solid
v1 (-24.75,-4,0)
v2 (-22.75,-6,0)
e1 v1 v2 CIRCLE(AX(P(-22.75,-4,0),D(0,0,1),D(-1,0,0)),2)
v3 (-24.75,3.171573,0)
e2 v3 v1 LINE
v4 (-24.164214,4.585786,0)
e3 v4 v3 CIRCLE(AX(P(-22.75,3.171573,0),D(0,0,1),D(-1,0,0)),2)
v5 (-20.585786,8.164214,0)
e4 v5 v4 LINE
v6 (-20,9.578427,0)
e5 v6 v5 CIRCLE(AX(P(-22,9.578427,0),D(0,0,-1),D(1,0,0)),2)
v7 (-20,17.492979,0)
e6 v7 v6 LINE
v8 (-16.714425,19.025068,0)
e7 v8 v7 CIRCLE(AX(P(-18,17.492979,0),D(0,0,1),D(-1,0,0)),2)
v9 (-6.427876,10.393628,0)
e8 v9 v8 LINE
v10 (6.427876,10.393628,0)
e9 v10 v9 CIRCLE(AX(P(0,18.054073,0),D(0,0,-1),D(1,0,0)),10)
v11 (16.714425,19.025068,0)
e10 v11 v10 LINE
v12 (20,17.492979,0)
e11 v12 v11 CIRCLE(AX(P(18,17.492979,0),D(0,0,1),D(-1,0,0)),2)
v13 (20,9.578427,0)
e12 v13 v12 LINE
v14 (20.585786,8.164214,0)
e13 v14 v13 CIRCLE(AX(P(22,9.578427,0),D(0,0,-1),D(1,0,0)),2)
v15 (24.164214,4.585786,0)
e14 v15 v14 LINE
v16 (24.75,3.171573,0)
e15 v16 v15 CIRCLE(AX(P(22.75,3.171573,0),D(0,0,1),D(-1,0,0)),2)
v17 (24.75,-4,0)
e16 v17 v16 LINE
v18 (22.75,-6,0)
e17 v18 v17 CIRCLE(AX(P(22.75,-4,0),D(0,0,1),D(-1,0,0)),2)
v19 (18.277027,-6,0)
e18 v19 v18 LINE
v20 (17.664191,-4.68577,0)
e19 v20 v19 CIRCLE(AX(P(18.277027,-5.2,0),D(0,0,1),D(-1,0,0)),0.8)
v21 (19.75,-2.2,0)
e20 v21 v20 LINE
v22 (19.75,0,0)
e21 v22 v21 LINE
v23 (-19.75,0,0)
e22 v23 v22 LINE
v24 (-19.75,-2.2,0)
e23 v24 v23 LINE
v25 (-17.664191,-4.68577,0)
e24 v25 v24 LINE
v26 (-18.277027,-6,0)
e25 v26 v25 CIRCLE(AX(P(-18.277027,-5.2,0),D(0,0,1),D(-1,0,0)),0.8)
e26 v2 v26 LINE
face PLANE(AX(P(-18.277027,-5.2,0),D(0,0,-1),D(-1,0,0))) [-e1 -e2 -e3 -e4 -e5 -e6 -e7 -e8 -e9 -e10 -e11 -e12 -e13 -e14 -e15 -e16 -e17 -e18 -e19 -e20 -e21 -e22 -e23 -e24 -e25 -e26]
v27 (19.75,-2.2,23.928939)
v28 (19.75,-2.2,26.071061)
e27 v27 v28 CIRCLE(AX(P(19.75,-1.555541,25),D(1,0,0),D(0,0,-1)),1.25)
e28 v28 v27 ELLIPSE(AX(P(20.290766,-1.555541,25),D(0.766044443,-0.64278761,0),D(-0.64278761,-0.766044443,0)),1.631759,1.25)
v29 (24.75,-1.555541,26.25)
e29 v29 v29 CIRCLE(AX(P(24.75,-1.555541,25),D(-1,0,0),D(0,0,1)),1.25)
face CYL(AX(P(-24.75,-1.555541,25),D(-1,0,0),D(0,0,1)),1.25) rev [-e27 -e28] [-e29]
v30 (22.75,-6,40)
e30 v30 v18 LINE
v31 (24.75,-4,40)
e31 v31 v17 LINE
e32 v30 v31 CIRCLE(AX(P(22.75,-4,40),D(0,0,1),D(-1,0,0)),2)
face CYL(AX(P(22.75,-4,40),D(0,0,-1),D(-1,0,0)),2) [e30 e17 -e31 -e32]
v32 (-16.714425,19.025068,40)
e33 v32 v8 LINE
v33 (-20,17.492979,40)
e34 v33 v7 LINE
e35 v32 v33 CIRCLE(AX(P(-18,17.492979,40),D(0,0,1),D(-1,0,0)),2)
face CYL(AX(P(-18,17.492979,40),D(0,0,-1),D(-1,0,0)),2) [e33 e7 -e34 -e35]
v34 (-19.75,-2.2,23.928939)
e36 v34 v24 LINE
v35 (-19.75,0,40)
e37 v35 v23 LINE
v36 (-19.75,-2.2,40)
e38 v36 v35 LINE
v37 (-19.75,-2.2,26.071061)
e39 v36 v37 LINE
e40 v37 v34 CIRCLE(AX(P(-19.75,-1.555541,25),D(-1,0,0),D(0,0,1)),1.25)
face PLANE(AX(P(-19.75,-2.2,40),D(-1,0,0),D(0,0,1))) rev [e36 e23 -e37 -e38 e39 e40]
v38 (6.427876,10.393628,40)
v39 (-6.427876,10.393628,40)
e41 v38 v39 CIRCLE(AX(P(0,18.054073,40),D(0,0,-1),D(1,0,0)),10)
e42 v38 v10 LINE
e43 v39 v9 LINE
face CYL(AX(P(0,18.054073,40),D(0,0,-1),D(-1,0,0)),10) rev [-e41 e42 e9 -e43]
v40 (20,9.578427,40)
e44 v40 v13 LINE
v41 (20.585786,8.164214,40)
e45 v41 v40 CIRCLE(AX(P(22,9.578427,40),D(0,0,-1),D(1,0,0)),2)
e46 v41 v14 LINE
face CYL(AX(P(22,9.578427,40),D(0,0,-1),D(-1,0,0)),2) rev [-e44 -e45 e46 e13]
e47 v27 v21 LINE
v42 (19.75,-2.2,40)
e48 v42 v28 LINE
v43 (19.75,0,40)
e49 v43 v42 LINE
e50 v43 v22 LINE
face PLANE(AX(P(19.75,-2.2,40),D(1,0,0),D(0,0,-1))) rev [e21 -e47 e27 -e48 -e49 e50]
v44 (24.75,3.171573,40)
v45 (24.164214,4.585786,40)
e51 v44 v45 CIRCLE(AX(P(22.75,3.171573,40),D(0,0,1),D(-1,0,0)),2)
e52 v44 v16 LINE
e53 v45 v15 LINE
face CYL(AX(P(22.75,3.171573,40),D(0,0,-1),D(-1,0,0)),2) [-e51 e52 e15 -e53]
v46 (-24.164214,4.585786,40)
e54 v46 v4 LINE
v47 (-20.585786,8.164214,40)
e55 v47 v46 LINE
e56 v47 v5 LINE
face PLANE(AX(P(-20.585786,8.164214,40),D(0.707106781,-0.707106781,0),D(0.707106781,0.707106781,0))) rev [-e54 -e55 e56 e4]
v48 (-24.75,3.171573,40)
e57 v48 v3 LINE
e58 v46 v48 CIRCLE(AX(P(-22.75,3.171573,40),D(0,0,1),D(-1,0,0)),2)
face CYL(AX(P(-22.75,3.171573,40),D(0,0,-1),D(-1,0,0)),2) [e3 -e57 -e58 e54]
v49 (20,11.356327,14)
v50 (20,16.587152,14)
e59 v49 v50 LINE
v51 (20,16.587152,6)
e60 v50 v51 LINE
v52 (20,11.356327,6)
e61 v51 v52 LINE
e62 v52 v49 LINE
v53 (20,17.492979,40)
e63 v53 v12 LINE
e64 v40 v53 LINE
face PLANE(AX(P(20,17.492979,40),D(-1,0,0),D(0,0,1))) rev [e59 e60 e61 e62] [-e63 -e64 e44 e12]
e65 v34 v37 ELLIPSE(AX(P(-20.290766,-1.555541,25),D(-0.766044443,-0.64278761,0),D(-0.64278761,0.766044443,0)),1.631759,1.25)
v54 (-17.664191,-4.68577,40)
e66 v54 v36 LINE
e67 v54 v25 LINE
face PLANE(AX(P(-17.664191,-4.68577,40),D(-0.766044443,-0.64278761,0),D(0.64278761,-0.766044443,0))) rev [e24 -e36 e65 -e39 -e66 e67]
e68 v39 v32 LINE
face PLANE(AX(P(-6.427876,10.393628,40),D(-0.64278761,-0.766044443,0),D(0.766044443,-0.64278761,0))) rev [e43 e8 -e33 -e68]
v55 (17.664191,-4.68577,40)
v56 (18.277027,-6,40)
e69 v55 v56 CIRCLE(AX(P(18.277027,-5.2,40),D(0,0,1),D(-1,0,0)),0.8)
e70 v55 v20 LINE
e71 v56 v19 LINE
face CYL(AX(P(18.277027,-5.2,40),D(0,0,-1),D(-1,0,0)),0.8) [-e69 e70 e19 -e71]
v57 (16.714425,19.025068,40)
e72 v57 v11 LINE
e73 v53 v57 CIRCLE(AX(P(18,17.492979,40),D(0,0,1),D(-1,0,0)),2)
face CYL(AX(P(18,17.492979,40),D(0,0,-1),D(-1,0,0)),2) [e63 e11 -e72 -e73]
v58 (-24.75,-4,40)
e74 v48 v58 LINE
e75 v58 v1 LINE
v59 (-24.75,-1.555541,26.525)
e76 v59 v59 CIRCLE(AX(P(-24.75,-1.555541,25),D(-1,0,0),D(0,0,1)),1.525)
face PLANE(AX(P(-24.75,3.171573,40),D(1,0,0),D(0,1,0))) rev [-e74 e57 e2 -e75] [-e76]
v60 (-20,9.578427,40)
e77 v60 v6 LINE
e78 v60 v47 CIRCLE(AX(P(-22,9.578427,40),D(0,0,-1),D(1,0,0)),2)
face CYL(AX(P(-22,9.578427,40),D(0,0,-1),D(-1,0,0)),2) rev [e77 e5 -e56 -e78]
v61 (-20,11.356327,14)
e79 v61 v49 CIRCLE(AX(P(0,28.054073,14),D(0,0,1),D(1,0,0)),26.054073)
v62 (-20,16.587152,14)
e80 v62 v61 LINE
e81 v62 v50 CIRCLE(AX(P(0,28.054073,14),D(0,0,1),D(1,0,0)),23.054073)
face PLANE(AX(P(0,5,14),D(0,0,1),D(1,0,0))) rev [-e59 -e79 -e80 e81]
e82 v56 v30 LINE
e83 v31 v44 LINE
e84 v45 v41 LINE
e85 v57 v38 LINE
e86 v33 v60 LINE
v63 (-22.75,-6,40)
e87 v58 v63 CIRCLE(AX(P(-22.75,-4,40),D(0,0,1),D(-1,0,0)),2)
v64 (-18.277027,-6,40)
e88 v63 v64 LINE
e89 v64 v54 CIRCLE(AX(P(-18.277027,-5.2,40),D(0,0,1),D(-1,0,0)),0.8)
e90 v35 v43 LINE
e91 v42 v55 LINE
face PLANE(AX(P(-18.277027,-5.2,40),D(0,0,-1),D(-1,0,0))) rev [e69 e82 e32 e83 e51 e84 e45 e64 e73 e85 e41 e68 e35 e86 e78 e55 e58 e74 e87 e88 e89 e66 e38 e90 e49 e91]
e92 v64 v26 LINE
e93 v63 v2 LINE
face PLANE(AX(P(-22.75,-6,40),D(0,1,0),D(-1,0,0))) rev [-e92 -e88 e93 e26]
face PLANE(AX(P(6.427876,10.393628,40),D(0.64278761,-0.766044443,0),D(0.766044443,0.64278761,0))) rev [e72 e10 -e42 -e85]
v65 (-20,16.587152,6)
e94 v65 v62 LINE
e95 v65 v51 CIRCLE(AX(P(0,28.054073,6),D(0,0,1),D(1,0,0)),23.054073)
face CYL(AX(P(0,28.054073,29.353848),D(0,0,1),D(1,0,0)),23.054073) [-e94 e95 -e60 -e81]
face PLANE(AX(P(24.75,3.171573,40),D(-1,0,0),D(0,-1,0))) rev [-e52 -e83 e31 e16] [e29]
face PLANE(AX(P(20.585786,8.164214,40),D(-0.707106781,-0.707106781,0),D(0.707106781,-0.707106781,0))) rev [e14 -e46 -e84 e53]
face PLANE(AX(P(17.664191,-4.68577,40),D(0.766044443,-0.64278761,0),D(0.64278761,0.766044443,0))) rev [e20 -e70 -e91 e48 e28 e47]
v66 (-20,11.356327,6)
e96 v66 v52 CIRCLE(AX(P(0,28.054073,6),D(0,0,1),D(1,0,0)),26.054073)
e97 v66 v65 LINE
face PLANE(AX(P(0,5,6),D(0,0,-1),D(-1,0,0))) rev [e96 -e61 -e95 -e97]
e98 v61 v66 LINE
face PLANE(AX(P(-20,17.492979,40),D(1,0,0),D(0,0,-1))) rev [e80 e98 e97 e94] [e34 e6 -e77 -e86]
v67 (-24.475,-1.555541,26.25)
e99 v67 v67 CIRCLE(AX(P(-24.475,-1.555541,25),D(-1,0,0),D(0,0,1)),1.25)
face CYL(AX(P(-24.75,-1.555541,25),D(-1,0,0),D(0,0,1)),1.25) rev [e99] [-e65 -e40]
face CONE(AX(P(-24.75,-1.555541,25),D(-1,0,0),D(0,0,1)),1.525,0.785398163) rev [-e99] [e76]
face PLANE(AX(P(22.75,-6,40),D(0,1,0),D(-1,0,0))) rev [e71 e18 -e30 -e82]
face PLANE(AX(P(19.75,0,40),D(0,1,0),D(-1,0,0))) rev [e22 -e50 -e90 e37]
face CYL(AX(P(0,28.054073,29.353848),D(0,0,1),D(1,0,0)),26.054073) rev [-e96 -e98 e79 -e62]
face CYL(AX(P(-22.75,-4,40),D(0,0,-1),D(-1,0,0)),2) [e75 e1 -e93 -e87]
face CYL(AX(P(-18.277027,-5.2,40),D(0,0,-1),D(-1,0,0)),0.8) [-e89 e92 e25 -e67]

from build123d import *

# Parameters (mm, degrees)
BOSS_EXTRUDE1_DEPTH             = 40
SKETCH2_W                       = 8
SKETCH2_H                       = 3
M3X0_5_TAPPED_HOLE1_D           = 2.5
M3X0_5_TAPPED_HOLE1_CSINK_D     = 3.05
M3X0_5_TAPPED_HOLE1_CSINK_ANGLE = 90


with BuildPart() as part:
    # Sketch1 → Boss-Extrude1 (new body)
    with BuildSketch(Plane.XY):
        with BuildLine():
            Line((6.427876097, 10.393628462), (16.714424781, 19.025067669))
            ThreePointArc((16.714424781, 19.025067669), (18.845236523, 19.305594357), (20, 17.492978783))
            Line((20, 17.492978783), (20, 9.578427125))
            ThreePointArc((20, 9.578427125), (20.152240935, 8.81306026), (20.585786438, 8.164213562))
            Line((20.585786438, 8.164213562), (24.164213562, 4.585786438))
            ThreePointArc((24.164213562, 4.585786438), (24.597759065, 3.93693974), (24.75, 3.171572875))
            Line((24.75, 3.171572875), (24.75, -4))
            ThreePointArc((24.75, -4), (24.164213562, -5.414213562), (22.75, -6))
            Line((22.75, -6), (18.277026938, -6))
            ThreePointArc((18.277026938, -6), (17.551980708, -5.538094609), (17.664191383, -4.685769912))
            Line((17.664191383, -4.685769912), (19.75, -2.2))
            Line((19.75, -2.2), (19.75, 0))
            Line((19.75, 0), (-19.75, 0))
            Line((-19.75, 0), (-19.75, -2.2))
            Line((-19.75, -2.2), (-17.664191383, -4.685769912))
            ThreePointArc((-17.664191383, -4.685769912), (-17.551980708, -5.538094609), (-18.277026938, -6))
            Line((-18.277026938, -6), (-22.75, -6))
            ThreePointArc((-22.75, -6), (-24.164213562, -5.414213562), (-24.75, -4))
            Line((-24.75, -4), (-24.75, 3.171572875))
            ThreePointArc((-24.75, 3.171572875), (-24.597759065, 3.93693974), (-24.164213562, 4.585786438))
            Line((-24.164213562, 4.585786438), (-20.585786438, 8.164213562))
            ThreePointArc((-20.585786438, 8.164213562), (-20.152240935, 8.81306026), (-20, 9.578427125))
            Line((-20, 9.578427125), (-20, 17.492978783))
            ThreePointArc((-20, 17.492978783), (-18.845236523, 19.305594357), (-16.714424781, 19.025067669))
            Line((-16.714424781, 19.025067669), (-6.427876097, 10.393628462))
            ThreePointArc((-6.427876097, 10.393628462), (0, 8.054072893), (6.427876097, 10.393628462))
        make_face()
    extrude(amount=BOSS_EXTRUDE1_DEPTH)

    # Sketch2 → Cut-Revolve1 (revolve, cut)
    with BuildSketch(Plane(origin=(0, 0, 0), x_dir=(0, 0, -1), z_dir=(1, 0, 0))):
        with Locations((-10, 3.5)):
            Rectangle(SKETCH2_W, SKETCH2_H)
        with Locations((-50, 3.5)):
            Rectangle(SKETCH2_W, SKETCH2_H)
        with Locations((-90, 3.5)):
            Rectangle(SKETCH2_W, SKETCH2_H)
    revolve(axis=Axis((0, 28.054072893, 29.353848425), (0, 0, -1)), mode=Mode.SUBTRACT)

    # M3x0.5 Tapped Hole1 (through all)
    with Locations(Plane.ZY.offset(24.75)):
        with Locations((25, -1.555540573), (75, -1.555540573)):
            CounterSinkHole(M3X0_5_TAPPED_HOLE1_D / 2, M3X0_5_TAPPED_HOLE1_CSINK_D / 2, counter_sink_angle=M3X0_5_TAPPED_HOLE1_CSINK_ANGLE)


solid = part.part
